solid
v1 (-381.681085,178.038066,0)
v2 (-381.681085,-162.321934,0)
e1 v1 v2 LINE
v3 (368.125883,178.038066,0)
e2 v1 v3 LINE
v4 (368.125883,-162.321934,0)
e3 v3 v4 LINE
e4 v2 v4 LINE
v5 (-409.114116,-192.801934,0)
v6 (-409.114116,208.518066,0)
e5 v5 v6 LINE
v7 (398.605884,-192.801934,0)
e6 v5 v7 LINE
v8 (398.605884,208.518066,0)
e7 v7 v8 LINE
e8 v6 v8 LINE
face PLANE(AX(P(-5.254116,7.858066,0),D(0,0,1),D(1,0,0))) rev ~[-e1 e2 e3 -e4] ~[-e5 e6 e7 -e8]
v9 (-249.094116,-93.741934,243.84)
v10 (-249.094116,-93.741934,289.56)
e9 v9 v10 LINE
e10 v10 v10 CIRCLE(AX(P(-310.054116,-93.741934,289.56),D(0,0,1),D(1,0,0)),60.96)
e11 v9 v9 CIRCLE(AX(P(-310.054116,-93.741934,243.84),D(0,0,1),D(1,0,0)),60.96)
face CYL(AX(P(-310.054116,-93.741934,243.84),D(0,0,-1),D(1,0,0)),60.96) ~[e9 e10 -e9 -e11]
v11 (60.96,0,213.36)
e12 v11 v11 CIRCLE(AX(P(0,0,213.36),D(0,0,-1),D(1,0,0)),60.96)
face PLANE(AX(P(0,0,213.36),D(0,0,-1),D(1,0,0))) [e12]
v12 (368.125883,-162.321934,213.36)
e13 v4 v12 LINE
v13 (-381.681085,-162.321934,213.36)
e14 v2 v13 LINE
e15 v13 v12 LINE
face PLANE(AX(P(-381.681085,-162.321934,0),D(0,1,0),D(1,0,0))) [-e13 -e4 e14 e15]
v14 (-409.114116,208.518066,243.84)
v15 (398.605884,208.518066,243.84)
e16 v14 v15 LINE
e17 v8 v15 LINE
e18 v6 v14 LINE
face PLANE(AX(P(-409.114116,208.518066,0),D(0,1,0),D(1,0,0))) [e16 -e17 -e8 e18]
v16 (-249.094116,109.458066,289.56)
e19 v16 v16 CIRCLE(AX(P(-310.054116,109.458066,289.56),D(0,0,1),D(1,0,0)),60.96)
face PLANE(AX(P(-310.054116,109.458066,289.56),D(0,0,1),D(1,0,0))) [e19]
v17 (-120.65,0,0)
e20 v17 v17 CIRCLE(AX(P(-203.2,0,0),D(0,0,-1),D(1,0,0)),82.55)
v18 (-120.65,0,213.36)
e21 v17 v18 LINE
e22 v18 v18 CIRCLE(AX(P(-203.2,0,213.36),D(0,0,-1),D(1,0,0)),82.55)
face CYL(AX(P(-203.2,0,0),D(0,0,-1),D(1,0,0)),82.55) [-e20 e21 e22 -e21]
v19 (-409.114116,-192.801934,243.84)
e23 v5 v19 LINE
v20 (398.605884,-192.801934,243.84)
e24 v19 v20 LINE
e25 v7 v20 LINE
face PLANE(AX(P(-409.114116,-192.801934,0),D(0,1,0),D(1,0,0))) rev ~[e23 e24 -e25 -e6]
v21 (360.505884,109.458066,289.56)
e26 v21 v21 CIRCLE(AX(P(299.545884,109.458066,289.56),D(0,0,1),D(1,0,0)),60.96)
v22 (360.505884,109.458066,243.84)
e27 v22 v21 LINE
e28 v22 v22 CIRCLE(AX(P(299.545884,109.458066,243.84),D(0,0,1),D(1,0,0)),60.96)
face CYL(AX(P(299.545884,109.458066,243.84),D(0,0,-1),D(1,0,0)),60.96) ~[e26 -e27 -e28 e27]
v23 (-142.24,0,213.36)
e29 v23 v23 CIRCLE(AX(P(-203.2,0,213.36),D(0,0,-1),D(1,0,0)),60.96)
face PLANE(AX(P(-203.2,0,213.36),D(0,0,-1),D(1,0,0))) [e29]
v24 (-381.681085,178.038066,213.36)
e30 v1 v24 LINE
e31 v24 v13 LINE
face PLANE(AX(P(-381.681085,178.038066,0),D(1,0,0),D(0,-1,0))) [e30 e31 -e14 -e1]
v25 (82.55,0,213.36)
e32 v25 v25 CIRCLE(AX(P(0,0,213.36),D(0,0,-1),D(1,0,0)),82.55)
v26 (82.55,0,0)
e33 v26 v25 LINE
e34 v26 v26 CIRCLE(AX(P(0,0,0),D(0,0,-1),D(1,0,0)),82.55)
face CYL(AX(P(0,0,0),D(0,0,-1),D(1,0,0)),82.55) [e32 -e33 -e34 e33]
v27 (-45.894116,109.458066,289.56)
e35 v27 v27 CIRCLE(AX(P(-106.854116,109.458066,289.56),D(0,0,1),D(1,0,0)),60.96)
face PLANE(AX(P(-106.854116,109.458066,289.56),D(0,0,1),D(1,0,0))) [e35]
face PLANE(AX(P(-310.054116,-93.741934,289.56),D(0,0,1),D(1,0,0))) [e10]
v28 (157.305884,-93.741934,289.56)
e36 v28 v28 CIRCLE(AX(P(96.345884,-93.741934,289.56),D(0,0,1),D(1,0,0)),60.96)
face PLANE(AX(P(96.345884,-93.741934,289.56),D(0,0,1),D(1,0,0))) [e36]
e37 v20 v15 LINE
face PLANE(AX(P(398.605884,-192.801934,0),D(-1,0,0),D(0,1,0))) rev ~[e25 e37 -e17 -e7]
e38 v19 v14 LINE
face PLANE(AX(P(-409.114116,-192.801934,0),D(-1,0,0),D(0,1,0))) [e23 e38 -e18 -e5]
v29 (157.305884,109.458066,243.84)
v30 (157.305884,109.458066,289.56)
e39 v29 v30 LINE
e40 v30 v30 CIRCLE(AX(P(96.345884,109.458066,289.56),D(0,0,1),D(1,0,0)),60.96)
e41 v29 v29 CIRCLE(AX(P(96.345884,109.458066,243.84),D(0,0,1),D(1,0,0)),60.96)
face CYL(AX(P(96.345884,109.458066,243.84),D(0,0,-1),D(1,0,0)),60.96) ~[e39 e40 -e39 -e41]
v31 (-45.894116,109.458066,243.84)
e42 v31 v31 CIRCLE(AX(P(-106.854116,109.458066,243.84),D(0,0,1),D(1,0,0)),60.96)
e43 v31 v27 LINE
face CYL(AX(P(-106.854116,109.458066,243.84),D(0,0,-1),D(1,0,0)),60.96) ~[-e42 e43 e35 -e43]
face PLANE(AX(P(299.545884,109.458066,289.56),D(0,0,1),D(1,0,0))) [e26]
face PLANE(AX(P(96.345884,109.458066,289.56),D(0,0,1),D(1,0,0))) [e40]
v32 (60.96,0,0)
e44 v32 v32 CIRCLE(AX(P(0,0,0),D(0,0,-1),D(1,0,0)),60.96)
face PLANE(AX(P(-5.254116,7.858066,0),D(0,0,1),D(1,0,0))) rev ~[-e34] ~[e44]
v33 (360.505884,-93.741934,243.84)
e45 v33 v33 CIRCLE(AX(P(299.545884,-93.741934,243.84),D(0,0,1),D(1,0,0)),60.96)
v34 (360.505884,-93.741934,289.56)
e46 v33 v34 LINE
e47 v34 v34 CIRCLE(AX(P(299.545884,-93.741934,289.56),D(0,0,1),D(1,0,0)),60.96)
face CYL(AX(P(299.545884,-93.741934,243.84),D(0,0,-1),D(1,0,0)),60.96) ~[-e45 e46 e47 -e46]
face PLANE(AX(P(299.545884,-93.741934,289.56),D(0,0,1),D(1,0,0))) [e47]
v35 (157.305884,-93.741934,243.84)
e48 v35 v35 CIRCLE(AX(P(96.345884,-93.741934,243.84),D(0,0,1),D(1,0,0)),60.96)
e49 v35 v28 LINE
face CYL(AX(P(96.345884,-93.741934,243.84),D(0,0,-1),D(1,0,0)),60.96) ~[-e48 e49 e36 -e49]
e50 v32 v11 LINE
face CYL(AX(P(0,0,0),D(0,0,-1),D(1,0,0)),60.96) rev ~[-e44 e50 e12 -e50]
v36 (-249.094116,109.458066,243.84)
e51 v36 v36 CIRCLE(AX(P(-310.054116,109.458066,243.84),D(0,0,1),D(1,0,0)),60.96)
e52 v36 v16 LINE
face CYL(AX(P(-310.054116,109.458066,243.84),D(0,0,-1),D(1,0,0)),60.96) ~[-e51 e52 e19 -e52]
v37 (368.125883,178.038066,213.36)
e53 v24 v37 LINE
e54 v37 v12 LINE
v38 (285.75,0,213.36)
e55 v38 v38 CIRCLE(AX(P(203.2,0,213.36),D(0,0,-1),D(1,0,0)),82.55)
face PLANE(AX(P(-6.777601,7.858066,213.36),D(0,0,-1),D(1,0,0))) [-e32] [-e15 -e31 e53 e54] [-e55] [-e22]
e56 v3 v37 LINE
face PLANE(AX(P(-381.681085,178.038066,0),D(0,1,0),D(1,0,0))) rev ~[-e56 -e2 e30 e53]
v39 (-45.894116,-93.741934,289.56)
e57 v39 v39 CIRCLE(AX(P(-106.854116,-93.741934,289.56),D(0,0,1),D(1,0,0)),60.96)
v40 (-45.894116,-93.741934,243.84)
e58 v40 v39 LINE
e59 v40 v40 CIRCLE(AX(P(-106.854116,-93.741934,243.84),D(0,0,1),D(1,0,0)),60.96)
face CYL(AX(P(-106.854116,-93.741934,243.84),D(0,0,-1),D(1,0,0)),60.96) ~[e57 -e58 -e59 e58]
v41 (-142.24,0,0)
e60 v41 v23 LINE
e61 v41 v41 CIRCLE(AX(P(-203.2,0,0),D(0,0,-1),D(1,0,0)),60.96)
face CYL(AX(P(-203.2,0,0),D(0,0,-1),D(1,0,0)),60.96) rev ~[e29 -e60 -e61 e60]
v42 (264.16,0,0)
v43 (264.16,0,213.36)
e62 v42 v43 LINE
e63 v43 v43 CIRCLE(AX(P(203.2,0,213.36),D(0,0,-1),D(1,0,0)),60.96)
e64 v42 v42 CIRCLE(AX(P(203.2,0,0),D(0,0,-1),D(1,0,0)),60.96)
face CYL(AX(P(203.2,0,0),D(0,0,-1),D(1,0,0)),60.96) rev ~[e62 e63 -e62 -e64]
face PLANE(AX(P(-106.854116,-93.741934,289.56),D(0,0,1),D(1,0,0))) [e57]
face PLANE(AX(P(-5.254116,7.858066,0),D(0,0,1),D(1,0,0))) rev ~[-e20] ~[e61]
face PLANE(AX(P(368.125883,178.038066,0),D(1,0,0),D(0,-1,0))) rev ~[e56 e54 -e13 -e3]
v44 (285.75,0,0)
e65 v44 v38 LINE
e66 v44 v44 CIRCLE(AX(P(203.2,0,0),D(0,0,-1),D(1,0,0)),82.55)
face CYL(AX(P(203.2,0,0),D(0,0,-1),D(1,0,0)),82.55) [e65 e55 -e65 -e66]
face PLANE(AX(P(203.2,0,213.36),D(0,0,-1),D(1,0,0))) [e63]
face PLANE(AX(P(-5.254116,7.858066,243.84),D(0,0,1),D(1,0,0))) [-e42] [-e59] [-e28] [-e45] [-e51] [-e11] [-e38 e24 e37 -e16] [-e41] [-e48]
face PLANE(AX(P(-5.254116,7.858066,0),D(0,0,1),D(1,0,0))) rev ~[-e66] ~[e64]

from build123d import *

# Parameters (mm, degrees)
F0_W     = 807.72
F0_H     = 401.32
F1_DEPTH = 243.84
F2_R     = 60.96
F3_DEPTH = 45.72
F4_W     = 749.806969
F4_H     = 340.36
F4_R     = 82.55
F4_R_2   = 60.96
F5_DEPTH = 213.36


with BuildPart() as f1:
    # F0 (on Top) → F1 (new body)
    with BuildSketch(Plane.XY):
        with Locations((-5.254116, 7.858066)):
            Rectangle(F0_W, F0_H)
    extrude(amount=F1_DEPTH)

    # F2 (on face) → F3 (join)
    with BuildSketch(Plane.XY.offset(243.84)):
        with Locations((-310.054116, 109.458066)):
            Circle(F2_R)
        with Locations((-310.054116, -93.741934)):
            Circle(F2_R)
        with Locations((-106.854116, 109.458066)):
            Circle(F2_R)
        with Locations((-106.854116, -93.741934)):
            Circle(F2_R)
        with Locations((96.345884, 109.458066)):
            Circle(F2_R)
        with Locations((96.345884, -93.741934)):
            Circle(F2_R)
        with Locations((299.545884, 109.458066)):
            Circle(F2_R)
        with Locations((299.545884, -93.741934)):
            Circle(F2_R)
    extrude(amount=F3_DEPTH)

    # F4 (on face) → F5 (cut)
    with BuildSketch(Plane(origin=(0, 0, 0), x_dir=(1, 0, 0), z_dir=(0, 0, -1))):
        with Locations((-6.777601, -7.858066)):
            Rectangle(F4_W, F4_H)
        with Locations((-203.2, 0)):
            Circle(F4_R, mode=Mode.SUBTRACT)
        Circle(F4_R, mode=Mode.SUBTRACT)
        with Locations((203.2, 0)):
            Circle(F4_R, mode=Mode.SUBTRACT)
        with Locations((-203.2, 0)):
            Circle(F4_R_2)
        Circle(F4_R_2)
        with Locations((203.2, 0)):
            Circle(F4_R_2)
    extrude(amount=-F5_DEPTH, mode=Mode.SUBTRACT)


solid = f1.part
